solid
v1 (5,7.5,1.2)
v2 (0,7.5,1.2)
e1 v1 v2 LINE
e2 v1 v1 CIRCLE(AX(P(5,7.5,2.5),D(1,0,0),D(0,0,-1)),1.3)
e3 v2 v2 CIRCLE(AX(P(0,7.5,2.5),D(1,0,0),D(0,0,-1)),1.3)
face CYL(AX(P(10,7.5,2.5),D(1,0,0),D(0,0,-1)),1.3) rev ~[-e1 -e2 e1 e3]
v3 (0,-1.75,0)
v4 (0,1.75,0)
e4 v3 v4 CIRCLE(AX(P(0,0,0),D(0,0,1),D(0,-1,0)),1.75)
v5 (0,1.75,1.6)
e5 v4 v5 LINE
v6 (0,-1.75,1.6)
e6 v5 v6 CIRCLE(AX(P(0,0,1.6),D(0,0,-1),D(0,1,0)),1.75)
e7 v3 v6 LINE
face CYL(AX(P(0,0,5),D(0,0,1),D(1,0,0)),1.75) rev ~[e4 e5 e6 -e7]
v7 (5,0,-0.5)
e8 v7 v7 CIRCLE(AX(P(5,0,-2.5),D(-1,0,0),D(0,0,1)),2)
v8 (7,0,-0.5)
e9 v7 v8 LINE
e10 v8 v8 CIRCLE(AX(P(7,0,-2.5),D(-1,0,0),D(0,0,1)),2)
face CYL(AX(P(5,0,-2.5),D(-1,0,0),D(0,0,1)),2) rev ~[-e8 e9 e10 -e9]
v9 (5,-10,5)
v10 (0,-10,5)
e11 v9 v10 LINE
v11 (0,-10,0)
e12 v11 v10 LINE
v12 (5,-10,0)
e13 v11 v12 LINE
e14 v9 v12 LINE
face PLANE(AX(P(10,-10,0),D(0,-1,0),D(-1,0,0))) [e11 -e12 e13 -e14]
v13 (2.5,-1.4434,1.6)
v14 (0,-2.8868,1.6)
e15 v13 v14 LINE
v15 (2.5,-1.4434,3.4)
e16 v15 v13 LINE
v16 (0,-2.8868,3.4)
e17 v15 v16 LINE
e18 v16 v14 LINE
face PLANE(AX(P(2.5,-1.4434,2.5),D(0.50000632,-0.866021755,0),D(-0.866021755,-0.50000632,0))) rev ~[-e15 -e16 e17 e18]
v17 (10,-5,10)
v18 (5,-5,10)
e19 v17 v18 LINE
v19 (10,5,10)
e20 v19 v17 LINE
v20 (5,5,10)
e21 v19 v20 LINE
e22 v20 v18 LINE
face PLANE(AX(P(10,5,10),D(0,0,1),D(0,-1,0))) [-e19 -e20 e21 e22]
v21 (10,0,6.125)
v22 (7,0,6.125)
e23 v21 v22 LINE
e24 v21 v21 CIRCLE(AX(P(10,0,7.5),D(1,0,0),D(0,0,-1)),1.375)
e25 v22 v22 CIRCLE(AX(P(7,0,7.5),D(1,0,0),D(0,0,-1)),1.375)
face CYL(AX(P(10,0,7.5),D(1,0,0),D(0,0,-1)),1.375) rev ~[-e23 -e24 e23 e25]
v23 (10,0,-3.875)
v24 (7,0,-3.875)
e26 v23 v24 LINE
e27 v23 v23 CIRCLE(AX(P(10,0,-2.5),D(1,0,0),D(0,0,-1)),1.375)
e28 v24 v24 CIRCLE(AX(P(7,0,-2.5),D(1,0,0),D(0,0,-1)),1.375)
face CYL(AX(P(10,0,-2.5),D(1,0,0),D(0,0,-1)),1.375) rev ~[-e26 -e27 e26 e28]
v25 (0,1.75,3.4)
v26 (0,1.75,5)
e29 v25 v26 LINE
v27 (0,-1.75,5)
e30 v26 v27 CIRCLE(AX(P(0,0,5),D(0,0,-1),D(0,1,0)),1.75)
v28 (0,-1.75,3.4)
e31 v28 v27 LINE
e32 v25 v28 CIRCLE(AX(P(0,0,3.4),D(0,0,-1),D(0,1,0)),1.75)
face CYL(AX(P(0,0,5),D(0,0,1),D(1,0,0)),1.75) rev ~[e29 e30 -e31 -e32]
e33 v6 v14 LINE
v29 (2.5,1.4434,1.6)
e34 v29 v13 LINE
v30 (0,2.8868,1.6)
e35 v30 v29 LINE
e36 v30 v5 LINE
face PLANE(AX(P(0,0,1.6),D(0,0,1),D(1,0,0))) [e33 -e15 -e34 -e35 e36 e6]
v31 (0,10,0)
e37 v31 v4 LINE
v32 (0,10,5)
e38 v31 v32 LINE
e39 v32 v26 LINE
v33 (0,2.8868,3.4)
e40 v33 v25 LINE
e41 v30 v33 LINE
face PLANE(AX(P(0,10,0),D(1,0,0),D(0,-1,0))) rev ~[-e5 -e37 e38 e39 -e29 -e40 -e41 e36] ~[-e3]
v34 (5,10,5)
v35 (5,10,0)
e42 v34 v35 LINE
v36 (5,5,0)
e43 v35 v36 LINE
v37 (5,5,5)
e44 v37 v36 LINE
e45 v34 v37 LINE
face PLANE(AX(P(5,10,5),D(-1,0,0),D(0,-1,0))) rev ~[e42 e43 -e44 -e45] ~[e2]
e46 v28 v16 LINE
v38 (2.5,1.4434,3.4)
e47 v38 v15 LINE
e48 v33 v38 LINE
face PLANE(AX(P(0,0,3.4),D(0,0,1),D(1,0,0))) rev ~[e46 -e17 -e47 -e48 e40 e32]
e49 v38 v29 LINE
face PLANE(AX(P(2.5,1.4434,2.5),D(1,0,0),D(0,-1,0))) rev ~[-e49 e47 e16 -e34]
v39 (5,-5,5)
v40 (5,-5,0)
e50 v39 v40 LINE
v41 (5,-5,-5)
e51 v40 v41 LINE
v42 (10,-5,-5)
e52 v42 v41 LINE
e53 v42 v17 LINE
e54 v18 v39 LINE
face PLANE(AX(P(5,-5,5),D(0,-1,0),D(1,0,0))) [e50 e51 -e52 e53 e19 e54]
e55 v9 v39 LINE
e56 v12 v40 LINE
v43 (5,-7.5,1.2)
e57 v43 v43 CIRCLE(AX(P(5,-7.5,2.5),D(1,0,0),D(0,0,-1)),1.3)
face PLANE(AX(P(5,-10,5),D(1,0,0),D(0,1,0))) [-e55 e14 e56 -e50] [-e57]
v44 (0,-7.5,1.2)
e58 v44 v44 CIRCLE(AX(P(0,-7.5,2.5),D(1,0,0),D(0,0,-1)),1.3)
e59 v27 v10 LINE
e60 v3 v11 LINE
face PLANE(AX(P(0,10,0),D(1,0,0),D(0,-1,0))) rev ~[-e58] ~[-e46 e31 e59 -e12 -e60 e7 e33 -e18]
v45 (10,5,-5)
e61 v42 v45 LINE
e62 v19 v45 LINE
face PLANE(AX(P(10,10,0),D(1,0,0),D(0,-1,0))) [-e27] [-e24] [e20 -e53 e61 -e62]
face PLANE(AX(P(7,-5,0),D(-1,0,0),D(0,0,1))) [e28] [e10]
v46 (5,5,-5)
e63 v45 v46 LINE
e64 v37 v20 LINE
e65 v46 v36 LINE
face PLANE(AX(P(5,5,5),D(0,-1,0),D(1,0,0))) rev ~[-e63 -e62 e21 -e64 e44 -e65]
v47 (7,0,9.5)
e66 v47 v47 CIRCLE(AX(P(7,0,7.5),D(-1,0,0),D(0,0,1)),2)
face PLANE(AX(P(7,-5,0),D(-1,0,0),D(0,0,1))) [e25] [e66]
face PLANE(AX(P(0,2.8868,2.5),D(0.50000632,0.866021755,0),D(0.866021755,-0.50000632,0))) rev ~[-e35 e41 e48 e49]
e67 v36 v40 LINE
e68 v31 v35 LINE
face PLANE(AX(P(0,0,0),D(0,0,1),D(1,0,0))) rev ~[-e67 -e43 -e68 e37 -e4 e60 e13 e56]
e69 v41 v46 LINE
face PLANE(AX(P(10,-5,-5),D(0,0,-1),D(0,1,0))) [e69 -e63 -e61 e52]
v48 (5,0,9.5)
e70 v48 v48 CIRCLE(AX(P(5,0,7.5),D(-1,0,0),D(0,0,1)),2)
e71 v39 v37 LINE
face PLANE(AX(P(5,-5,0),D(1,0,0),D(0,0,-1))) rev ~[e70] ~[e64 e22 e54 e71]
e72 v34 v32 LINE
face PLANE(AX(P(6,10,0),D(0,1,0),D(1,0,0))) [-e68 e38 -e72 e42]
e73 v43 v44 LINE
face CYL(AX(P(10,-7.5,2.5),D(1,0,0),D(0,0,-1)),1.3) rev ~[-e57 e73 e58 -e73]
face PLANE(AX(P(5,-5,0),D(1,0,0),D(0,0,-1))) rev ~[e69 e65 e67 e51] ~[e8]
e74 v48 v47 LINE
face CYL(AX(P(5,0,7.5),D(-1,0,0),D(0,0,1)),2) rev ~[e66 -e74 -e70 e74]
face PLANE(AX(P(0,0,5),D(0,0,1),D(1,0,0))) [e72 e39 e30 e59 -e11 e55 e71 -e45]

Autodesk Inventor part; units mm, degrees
ref_plane "YZ Plane" through (0, 0, 0) normal (1, 0, 0) x (0, 1, 0)
ref_plane "XZ Plane" through (0, 0, 0) normal (0, 1, 0) x (-1, 0, 0)
ref_plane "XY Plane" through (0, 0, 0) normal (0, 0, 1) x (1, 0, 0)
sketch "Sketch1" plane through (0, 0, 0) normal (0, 0, 1) x (1, 0, 0)
  line L0 (10, -10) -> (-10, -10)
  line L1 (-10, -10) -> (-10, 10)
  line L2 (-10, 10) -> (10, 10)
  line L3 (10, 10) -> (10, -10)
  line L4 (10, -10) -> (-10, 10) construction
  line L5 (-10, -10) -> (10, 10) construction
  line L6 (10, -10) -> (6, -10)
  line L7 (6, 10) -> (10, 10)
  line L8 (10, 10) -> (10, -10)
  line L9 (0, 10) -> (0, -10)
  line L10 (0, -10) -> (0, 10)
  point P0 (0, 0)
  dimension "d0" = 20
  dimension "d1" = 20
extrude "Extrusion1" add sketch "Sketch1" along normal blind 5 contours L0 L9 L2 L3
ref_plane "Work Plane1" through (0, 0, 2.5) normal (0, 0, 1) x (1, 0, 0)
sketch "Sketch2" plane through (0, 0, 2.5) normal (0, 0, 1) x (1, 0, 0)
  line L0 (0, 10) -> (0, -10) projected
  line L1 (0, 2.8868) -> (2.5, 1.4434)
  line L2 (2.5, 1.4434) -> (2.5, -1.4434)
  line L3 (2.5, -1.4434) -> (0, -2.8868)
  line L4 (0, -2.8868) -> (-2.5, -1.4434)
  line L5 (-2.5, -1.4434) -> (-2.5, 1.4434)
  line L6 (-2.5, 1.4434) -> (0, 2.8868)
  point P0 (0, 0)
  point P1 (0, 0)
  dimension "d12" = 5
extrude "Extrusion2" cut sketch "Sketch2" along normal mid plane 1.8
sketch "Sketch3" plane through (0, 0, 5) normal (0, 0, 1) x (1, 0, 0)
  circle A0 centre (0, 0) radius 1.75
  dimension "d15" = 3.5
extrude "Extrusion3" cut sketch "Sketch3" against normal blind 8
sketch "Sketch4" plane through (10, -10, 0) normal (1, 0, 0) x (0, 0, -1)
  circle A0 centre (-2.5, 17.5) radius 1.3
  circle A1 centre (-2.5, 2.5) radius 1.3
  line L0 (0, 20) -> (-5, 20) projected
  line L1 (0, 0) -> (-5, 0) projected
  line L2 (0, 0) -> (0, 20) projected
  point P0 (0, 10)
  dimension "d18" = 2.5
  dimension "d19" = 2.5
  dimension "d20" = 2.5
  dimension "d21" = 2.5
  dimension "d22" = 2.6
  dimension "d23" = 2.6
extrude "Extrusion4" cut sketch "Sketch4" against normal blind 25
sketch "Sketch5" plane through (10, -10, 0) normal (1, 0, 0) x (0, 0, -1)
  circle A0 centre (-2.5, 17.5) radius 1.3 projected
  circle A1 centre (-2.5, 17.5) radius 2
  circle A2 centre (-2.5, 2.5) radius 1.3 projected
  circle A3 centre (-2.5, 2.5) radius 2
  point P0 (0, 10)
  dimension "d26" = 4
  dimension "d27" = 4
extrude "Extrusion5" cut sketch "Sketch5" against normal blind 4 contours A0 | A1 | A2 | A3
sketch "Sketch6" plane through (0, 0, 5) normal (0, 0, 1) x (1, 0, 0)
  point P0 (0, 0)
sketch "Sketch7" plane through (0, 0, 5) normal (0, 0, 1) x (1, 0, 0)
  line L0 (10, -10) -> (10, 10) projected
  line L1 (10, 10) -> (5, 10)
  line L2 (5, 10) -> (5, 5)
  line L3 (5, 5) -> (10, 5)
  line L4 (10, 5) -> (10, 10)
  line L5 (0, -10) -> (10, -10) projected
  line L6 (10, -10) -> (5, -10)
  line L7 (5, -10) -> (5, -5)
  line L8 (5, -5) -> (10, -5)
  line L9 (10, -5) -> (10, -10)
  point P0 (0, 0)
  dimension "d30" = 5
  dimension "d31" = 5
  dimension "d32" = 5
  dimension "d33" = 5
extrude "Extrusion6" cut sketch "Sketch7" against normal blind 10
sketch "Sketch8" plane through (10, -5, 0) normal (1, 0, 0) x (0, 0, -1)
  line L0 (0, 0) -> (5, 0)
  line L1 (5, 0) -> (5, 10)
  line L2 (5, 10) -> (0, 10)
  line L3 (0, 10) -> (0, 0)
  line L4 (-5, 0) -> (-5, 10) projected
  line L5 (-5, 10) -> (-10, 10)
  line L6 (-10, 10) -> (-10, 0)
  line L7 (-10, 0) -> (-5, 0)
  line L8 (-5, 0) -> (-5, 10)
  circle A0 centre (-7.5, 5) radius 1.375
  circle A1 centre (2.5, 5) radius 1.375
  point P0 (0, 5)
  point P1 (-7.5, 0)
  dimension "d36" = 5
  dimension "d37" = 5
  dimension "d38" = 5
  dimension "d39" = 2.75
  dimension "d40" = 2.75
  dimension "d41" = 5
  dimension "d42" = 5
  dimension "d43" = 5
  dimension "d44" = 5
  dimension "d45" = 2.5
  dimension "d46" = 2.5
extrude "Extrusion7" add sketch "Sketch8" against normal blind 5
sketch "Sketch9" plane through (5, -5, 0) normal (-1, 0, 0) x (0, 0, 1)
  circle A0 centre (7.5, 5) radius 1.375 projected
  circle A1 centre (7.5, 5) radius 2
  circle A2 centre (-2.5, 5) radius 1.375 projected
  circle A3 centre (-2.5, 5) radius 2
  point P0 (0, 5)
  dimension "d49" = 4
  dimension "d50" = 4
extrude "Extrusion8" cut sketch "Sketch9" against normal blind 2 contours A0 | A1 | A2 | A3
equation "\"d18\" = d19"
equation "\"d20\" = d19"
equation "\"d21\" = d19"
equation "\"d23\" = d22"
equation "\"d27\" = d26"
equation "\"d42\" = d41"
equation "\"d50\" = d49"
properties part number "POMSliderMotor"
